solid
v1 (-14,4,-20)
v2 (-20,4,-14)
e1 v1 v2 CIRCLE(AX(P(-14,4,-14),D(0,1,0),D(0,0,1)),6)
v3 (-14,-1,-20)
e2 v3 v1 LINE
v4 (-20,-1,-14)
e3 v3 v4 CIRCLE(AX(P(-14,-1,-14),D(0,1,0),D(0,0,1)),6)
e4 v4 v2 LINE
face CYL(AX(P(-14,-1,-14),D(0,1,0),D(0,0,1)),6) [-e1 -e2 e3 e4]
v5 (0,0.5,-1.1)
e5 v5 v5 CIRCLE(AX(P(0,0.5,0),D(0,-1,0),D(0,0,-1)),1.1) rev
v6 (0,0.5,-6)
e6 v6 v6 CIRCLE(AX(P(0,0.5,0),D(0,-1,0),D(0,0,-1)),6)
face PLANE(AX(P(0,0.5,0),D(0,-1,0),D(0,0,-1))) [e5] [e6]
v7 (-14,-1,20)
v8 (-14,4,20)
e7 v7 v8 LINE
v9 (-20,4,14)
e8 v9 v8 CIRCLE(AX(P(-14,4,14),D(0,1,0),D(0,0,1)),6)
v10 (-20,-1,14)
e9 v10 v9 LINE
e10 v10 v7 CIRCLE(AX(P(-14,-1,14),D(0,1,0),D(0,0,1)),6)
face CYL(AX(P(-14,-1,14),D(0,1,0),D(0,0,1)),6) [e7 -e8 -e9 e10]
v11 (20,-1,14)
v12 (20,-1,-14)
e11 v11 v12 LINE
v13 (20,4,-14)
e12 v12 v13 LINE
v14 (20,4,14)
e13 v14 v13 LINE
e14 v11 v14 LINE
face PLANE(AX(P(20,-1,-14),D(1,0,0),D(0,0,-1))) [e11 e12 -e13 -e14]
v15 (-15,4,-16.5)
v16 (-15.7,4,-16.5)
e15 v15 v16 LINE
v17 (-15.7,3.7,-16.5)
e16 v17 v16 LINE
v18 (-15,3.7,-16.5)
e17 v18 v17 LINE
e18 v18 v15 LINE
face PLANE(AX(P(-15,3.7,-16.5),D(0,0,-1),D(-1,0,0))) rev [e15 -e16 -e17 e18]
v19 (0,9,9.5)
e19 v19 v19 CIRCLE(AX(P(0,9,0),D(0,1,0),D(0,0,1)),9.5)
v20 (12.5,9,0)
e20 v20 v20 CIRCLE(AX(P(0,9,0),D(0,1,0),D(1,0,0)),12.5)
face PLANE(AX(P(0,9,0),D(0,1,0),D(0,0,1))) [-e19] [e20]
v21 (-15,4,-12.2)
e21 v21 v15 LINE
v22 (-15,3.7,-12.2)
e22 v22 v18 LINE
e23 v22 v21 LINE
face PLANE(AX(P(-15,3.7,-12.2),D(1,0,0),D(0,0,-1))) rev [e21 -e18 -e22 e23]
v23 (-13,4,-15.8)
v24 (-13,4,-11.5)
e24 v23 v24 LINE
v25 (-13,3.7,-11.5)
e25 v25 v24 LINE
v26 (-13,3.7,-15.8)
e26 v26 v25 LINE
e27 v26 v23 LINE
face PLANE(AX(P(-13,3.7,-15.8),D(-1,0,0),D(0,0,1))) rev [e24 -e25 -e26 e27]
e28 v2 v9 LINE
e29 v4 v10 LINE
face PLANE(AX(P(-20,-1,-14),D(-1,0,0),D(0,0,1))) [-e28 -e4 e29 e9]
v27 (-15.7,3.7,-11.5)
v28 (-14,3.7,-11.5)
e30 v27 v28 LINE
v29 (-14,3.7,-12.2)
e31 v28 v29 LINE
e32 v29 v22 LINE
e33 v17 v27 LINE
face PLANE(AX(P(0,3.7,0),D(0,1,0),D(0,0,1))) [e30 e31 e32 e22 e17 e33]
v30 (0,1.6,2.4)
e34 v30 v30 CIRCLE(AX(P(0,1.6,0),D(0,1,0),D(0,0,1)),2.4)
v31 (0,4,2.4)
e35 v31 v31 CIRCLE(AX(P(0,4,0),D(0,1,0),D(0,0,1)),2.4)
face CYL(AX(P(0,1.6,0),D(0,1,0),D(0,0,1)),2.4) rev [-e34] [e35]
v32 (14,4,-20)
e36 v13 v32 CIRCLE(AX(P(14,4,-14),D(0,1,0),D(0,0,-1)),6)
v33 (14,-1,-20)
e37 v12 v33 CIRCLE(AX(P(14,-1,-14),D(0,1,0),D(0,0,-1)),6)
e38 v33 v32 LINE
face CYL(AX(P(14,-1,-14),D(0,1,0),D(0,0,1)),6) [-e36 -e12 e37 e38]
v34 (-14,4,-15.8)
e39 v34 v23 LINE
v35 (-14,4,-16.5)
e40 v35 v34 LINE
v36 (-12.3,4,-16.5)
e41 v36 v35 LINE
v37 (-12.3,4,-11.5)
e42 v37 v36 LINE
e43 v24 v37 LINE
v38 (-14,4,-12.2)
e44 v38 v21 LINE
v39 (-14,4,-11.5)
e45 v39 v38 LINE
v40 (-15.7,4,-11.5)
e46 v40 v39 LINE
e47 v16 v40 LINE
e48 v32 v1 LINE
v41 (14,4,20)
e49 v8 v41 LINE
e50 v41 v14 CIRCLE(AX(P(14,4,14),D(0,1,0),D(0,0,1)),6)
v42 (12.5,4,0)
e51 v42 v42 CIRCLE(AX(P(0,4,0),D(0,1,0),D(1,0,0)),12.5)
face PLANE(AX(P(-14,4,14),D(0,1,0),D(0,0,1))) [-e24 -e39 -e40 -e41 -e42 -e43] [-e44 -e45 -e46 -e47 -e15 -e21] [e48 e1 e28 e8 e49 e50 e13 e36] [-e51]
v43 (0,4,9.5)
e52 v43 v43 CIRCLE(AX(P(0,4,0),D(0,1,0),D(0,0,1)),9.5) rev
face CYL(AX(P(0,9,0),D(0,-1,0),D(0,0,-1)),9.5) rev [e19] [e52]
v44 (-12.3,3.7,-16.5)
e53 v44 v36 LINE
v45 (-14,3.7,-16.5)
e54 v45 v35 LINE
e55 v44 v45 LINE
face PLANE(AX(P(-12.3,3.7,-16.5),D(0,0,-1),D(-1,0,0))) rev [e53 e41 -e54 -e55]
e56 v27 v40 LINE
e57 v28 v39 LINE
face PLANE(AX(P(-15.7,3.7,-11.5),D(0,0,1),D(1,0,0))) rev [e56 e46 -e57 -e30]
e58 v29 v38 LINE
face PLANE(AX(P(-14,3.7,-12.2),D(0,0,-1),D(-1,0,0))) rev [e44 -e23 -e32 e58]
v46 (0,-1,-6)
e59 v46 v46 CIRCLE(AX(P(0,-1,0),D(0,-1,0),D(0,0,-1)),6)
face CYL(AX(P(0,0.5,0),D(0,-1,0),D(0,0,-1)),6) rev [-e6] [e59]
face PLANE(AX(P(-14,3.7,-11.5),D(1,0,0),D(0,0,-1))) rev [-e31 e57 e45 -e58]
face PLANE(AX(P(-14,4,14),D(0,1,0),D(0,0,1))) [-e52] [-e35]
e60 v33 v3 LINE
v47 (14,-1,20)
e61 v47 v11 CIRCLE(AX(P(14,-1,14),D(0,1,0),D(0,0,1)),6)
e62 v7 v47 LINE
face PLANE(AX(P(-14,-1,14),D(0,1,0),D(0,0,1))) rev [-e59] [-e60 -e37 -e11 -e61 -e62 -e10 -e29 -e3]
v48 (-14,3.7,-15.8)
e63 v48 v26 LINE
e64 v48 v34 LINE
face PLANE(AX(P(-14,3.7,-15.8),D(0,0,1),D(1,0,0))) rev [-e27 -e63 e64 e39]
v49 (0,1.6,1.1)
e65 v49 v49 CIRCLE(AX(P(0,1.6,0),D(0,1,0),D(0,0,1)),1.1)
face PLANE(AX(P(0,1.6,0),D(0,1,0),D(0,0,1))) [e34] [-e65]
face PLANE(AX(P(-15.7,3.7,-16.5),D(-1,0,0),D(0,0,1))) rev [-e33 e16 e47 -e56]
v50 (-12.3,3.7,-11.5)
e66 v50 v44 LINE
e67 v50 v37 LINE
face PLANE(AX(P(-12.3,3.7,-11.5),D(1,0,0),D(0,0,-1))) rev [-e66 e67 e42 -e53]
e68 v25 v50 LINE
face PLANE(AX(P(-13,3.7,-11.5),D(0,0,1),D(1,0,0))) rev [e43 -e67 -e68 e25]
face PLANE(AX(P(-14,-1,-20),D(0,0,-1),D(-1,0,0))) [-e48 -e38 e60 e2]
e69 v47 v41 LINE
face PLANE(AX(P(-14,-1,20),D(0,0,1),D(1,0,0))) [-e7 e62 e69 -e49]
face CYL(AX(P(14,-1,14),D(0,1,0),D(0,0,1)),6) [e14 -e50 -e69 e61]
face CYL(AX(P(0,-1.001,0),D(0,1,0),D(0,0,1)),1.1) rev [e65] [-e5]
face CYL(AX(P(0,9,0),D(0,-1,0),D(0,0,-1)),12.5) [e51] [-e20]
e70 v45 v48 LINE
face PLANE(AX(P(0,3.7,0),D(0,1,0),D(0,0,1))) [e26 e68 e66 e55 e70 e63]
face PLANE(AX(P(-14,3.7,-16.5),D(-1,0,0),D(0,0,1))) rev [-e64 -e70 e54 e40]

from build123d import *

# Parameters (mm, degrees)
SALIENTE_EXTRUIR1_DEPTH      = 4
SALIENTE_EXTRUIR1_DEPTH_BACK = 1
CROQUIS4_R                   = 6
CORTAR_EXTRUIR1_DEPTH        = 1.5
CROQUIS8_R                   = 2.4
CORTAR_EXTRUIR2_DEPTH        = 2.4
CORTAR_EXTRUIR3_REACH        = 4.6
CROQUIS9_R                   = 1.1
CROQUIS10_R                  = 12.5
CROQUIS10_R_2                = 9.5
EXTRUIR_L_MINA1_DEPTH        = 5
CORTAR_EXTRUIR4_DEPTH        = 0.3


with BuildPart() as part:
    # Croquis1 → Saliente-Extruir1 (new body, two sides)
    with BuildSketch(Plane(origin=(0, 0, 0), x_dir=(1, 0, 0), z_dir=(0, 1, 0))) as saliente_extruir1_sk:
        with BuildLine():
            Line((-14, 20), (14, 20))
            ThreePointArc((14, 20), (18.242640687, 18.242640687), (20, 14))
            Line((20, 14), (20, -14))
            ThreePointArc((20, -14), (18.242640687, -18.242640687), (14, -20))
            Line((14, -20), (-14, -20))
            ThreePointArc((-14, -20), (-18.242640687, -18.242640687), (-20, -14))
            Line((-20, -14), (-20, 14))
            ThreePointArc((-20, 14), (-18.242640687, 18.242640687), (-14, 20))
        make_face()
    extrude(amount=SALIENTE_EXTRUIR1_DEPTH)
    extrude(saliente_extruir1_sk.sketch, amount=-SALIENTE_EXTRUIR1_DEPTH_BACK)

    # Croquis4 → Cortar-Extruir1 (cut)
    with BuildSketch(Plane.XZ.offset(1)):
        Circle(CROQUIS4_R)
    extrude(amount=-CORTAR_EXTRUIR1_DEPTH, mode=Mode.SUBTRACT)

    # Croquis8 → Cortar-Extruir2 (cut)
    with BuildSketch(Plane(origin=(0, 4, 0), x_dir=(1, 0, 0), z_dir=(0, 1, 0))):
        Circle(CROQUIS8_R)
    extrude(amount=-CORTAR_EXTRUIR2_DEPTH, mode=Mode.SUBTRACT)

    # Croquis9 → Cortar-Extruir3 (cut, up to next)
    with BuildSketch(Plane(origin=(0, 1.6, 0), x_dir=(1, 0, 0), z_dir=(0, 1, 0)), mode=Mode.PRIVATE) as cortar_extruir3_sk1:
        Circle(CROQUIS9_R)
    cortar_extruir3_tool1 = extrude(cortar_extruir3_sk1.sketch, amount=-CORTAR_EXTRUIR3_REACH, mode=Mode.PRIVATE) & part.part
    add(cortar_extruir3_tool1.solids().sort_by_distance((0, 1.6, 0))[0], mode=Mode.SUBTRACT)

    # Croquis10 → Extruir-Lámina1 (add)
    with BuildSketch(Plane(origin=(0, 4, 0), x_dir=(1, 0, 0), z_dir=(0, 1, 0))):
        Circle(CROQUIS10_R)
        Circle(CROQUIS10_R_2, mode=Mode.SUBTRACT)
    extrude(amount=EXTRUIR_L_MINA1_DEPTH)

    # Croquis11 → Cortar-Extruir4 (cut)
    with BuildSketch(Plane(origin=(0, 4, 0), x_dir=(1, 0, 0), z_dir=(0, 1, 0))):
        Polygon((-14, 11.5), (-14, 12.2), (-15, 12.2), (-15, 16.5), (-15.7, 16.5), (-15.7, 11.5), align=None)
        Polygon((-12.3, 16.5), (-14, 16.5), (-14, 15.8), (-13, 15.8), (-13, 11.5), (-12.3, 11.5), align=None)
    extrude(amount=-CORTAR_EXTRUIR4_DEPTH, mode=Mode.SUBTRACT)


solid = part.part
